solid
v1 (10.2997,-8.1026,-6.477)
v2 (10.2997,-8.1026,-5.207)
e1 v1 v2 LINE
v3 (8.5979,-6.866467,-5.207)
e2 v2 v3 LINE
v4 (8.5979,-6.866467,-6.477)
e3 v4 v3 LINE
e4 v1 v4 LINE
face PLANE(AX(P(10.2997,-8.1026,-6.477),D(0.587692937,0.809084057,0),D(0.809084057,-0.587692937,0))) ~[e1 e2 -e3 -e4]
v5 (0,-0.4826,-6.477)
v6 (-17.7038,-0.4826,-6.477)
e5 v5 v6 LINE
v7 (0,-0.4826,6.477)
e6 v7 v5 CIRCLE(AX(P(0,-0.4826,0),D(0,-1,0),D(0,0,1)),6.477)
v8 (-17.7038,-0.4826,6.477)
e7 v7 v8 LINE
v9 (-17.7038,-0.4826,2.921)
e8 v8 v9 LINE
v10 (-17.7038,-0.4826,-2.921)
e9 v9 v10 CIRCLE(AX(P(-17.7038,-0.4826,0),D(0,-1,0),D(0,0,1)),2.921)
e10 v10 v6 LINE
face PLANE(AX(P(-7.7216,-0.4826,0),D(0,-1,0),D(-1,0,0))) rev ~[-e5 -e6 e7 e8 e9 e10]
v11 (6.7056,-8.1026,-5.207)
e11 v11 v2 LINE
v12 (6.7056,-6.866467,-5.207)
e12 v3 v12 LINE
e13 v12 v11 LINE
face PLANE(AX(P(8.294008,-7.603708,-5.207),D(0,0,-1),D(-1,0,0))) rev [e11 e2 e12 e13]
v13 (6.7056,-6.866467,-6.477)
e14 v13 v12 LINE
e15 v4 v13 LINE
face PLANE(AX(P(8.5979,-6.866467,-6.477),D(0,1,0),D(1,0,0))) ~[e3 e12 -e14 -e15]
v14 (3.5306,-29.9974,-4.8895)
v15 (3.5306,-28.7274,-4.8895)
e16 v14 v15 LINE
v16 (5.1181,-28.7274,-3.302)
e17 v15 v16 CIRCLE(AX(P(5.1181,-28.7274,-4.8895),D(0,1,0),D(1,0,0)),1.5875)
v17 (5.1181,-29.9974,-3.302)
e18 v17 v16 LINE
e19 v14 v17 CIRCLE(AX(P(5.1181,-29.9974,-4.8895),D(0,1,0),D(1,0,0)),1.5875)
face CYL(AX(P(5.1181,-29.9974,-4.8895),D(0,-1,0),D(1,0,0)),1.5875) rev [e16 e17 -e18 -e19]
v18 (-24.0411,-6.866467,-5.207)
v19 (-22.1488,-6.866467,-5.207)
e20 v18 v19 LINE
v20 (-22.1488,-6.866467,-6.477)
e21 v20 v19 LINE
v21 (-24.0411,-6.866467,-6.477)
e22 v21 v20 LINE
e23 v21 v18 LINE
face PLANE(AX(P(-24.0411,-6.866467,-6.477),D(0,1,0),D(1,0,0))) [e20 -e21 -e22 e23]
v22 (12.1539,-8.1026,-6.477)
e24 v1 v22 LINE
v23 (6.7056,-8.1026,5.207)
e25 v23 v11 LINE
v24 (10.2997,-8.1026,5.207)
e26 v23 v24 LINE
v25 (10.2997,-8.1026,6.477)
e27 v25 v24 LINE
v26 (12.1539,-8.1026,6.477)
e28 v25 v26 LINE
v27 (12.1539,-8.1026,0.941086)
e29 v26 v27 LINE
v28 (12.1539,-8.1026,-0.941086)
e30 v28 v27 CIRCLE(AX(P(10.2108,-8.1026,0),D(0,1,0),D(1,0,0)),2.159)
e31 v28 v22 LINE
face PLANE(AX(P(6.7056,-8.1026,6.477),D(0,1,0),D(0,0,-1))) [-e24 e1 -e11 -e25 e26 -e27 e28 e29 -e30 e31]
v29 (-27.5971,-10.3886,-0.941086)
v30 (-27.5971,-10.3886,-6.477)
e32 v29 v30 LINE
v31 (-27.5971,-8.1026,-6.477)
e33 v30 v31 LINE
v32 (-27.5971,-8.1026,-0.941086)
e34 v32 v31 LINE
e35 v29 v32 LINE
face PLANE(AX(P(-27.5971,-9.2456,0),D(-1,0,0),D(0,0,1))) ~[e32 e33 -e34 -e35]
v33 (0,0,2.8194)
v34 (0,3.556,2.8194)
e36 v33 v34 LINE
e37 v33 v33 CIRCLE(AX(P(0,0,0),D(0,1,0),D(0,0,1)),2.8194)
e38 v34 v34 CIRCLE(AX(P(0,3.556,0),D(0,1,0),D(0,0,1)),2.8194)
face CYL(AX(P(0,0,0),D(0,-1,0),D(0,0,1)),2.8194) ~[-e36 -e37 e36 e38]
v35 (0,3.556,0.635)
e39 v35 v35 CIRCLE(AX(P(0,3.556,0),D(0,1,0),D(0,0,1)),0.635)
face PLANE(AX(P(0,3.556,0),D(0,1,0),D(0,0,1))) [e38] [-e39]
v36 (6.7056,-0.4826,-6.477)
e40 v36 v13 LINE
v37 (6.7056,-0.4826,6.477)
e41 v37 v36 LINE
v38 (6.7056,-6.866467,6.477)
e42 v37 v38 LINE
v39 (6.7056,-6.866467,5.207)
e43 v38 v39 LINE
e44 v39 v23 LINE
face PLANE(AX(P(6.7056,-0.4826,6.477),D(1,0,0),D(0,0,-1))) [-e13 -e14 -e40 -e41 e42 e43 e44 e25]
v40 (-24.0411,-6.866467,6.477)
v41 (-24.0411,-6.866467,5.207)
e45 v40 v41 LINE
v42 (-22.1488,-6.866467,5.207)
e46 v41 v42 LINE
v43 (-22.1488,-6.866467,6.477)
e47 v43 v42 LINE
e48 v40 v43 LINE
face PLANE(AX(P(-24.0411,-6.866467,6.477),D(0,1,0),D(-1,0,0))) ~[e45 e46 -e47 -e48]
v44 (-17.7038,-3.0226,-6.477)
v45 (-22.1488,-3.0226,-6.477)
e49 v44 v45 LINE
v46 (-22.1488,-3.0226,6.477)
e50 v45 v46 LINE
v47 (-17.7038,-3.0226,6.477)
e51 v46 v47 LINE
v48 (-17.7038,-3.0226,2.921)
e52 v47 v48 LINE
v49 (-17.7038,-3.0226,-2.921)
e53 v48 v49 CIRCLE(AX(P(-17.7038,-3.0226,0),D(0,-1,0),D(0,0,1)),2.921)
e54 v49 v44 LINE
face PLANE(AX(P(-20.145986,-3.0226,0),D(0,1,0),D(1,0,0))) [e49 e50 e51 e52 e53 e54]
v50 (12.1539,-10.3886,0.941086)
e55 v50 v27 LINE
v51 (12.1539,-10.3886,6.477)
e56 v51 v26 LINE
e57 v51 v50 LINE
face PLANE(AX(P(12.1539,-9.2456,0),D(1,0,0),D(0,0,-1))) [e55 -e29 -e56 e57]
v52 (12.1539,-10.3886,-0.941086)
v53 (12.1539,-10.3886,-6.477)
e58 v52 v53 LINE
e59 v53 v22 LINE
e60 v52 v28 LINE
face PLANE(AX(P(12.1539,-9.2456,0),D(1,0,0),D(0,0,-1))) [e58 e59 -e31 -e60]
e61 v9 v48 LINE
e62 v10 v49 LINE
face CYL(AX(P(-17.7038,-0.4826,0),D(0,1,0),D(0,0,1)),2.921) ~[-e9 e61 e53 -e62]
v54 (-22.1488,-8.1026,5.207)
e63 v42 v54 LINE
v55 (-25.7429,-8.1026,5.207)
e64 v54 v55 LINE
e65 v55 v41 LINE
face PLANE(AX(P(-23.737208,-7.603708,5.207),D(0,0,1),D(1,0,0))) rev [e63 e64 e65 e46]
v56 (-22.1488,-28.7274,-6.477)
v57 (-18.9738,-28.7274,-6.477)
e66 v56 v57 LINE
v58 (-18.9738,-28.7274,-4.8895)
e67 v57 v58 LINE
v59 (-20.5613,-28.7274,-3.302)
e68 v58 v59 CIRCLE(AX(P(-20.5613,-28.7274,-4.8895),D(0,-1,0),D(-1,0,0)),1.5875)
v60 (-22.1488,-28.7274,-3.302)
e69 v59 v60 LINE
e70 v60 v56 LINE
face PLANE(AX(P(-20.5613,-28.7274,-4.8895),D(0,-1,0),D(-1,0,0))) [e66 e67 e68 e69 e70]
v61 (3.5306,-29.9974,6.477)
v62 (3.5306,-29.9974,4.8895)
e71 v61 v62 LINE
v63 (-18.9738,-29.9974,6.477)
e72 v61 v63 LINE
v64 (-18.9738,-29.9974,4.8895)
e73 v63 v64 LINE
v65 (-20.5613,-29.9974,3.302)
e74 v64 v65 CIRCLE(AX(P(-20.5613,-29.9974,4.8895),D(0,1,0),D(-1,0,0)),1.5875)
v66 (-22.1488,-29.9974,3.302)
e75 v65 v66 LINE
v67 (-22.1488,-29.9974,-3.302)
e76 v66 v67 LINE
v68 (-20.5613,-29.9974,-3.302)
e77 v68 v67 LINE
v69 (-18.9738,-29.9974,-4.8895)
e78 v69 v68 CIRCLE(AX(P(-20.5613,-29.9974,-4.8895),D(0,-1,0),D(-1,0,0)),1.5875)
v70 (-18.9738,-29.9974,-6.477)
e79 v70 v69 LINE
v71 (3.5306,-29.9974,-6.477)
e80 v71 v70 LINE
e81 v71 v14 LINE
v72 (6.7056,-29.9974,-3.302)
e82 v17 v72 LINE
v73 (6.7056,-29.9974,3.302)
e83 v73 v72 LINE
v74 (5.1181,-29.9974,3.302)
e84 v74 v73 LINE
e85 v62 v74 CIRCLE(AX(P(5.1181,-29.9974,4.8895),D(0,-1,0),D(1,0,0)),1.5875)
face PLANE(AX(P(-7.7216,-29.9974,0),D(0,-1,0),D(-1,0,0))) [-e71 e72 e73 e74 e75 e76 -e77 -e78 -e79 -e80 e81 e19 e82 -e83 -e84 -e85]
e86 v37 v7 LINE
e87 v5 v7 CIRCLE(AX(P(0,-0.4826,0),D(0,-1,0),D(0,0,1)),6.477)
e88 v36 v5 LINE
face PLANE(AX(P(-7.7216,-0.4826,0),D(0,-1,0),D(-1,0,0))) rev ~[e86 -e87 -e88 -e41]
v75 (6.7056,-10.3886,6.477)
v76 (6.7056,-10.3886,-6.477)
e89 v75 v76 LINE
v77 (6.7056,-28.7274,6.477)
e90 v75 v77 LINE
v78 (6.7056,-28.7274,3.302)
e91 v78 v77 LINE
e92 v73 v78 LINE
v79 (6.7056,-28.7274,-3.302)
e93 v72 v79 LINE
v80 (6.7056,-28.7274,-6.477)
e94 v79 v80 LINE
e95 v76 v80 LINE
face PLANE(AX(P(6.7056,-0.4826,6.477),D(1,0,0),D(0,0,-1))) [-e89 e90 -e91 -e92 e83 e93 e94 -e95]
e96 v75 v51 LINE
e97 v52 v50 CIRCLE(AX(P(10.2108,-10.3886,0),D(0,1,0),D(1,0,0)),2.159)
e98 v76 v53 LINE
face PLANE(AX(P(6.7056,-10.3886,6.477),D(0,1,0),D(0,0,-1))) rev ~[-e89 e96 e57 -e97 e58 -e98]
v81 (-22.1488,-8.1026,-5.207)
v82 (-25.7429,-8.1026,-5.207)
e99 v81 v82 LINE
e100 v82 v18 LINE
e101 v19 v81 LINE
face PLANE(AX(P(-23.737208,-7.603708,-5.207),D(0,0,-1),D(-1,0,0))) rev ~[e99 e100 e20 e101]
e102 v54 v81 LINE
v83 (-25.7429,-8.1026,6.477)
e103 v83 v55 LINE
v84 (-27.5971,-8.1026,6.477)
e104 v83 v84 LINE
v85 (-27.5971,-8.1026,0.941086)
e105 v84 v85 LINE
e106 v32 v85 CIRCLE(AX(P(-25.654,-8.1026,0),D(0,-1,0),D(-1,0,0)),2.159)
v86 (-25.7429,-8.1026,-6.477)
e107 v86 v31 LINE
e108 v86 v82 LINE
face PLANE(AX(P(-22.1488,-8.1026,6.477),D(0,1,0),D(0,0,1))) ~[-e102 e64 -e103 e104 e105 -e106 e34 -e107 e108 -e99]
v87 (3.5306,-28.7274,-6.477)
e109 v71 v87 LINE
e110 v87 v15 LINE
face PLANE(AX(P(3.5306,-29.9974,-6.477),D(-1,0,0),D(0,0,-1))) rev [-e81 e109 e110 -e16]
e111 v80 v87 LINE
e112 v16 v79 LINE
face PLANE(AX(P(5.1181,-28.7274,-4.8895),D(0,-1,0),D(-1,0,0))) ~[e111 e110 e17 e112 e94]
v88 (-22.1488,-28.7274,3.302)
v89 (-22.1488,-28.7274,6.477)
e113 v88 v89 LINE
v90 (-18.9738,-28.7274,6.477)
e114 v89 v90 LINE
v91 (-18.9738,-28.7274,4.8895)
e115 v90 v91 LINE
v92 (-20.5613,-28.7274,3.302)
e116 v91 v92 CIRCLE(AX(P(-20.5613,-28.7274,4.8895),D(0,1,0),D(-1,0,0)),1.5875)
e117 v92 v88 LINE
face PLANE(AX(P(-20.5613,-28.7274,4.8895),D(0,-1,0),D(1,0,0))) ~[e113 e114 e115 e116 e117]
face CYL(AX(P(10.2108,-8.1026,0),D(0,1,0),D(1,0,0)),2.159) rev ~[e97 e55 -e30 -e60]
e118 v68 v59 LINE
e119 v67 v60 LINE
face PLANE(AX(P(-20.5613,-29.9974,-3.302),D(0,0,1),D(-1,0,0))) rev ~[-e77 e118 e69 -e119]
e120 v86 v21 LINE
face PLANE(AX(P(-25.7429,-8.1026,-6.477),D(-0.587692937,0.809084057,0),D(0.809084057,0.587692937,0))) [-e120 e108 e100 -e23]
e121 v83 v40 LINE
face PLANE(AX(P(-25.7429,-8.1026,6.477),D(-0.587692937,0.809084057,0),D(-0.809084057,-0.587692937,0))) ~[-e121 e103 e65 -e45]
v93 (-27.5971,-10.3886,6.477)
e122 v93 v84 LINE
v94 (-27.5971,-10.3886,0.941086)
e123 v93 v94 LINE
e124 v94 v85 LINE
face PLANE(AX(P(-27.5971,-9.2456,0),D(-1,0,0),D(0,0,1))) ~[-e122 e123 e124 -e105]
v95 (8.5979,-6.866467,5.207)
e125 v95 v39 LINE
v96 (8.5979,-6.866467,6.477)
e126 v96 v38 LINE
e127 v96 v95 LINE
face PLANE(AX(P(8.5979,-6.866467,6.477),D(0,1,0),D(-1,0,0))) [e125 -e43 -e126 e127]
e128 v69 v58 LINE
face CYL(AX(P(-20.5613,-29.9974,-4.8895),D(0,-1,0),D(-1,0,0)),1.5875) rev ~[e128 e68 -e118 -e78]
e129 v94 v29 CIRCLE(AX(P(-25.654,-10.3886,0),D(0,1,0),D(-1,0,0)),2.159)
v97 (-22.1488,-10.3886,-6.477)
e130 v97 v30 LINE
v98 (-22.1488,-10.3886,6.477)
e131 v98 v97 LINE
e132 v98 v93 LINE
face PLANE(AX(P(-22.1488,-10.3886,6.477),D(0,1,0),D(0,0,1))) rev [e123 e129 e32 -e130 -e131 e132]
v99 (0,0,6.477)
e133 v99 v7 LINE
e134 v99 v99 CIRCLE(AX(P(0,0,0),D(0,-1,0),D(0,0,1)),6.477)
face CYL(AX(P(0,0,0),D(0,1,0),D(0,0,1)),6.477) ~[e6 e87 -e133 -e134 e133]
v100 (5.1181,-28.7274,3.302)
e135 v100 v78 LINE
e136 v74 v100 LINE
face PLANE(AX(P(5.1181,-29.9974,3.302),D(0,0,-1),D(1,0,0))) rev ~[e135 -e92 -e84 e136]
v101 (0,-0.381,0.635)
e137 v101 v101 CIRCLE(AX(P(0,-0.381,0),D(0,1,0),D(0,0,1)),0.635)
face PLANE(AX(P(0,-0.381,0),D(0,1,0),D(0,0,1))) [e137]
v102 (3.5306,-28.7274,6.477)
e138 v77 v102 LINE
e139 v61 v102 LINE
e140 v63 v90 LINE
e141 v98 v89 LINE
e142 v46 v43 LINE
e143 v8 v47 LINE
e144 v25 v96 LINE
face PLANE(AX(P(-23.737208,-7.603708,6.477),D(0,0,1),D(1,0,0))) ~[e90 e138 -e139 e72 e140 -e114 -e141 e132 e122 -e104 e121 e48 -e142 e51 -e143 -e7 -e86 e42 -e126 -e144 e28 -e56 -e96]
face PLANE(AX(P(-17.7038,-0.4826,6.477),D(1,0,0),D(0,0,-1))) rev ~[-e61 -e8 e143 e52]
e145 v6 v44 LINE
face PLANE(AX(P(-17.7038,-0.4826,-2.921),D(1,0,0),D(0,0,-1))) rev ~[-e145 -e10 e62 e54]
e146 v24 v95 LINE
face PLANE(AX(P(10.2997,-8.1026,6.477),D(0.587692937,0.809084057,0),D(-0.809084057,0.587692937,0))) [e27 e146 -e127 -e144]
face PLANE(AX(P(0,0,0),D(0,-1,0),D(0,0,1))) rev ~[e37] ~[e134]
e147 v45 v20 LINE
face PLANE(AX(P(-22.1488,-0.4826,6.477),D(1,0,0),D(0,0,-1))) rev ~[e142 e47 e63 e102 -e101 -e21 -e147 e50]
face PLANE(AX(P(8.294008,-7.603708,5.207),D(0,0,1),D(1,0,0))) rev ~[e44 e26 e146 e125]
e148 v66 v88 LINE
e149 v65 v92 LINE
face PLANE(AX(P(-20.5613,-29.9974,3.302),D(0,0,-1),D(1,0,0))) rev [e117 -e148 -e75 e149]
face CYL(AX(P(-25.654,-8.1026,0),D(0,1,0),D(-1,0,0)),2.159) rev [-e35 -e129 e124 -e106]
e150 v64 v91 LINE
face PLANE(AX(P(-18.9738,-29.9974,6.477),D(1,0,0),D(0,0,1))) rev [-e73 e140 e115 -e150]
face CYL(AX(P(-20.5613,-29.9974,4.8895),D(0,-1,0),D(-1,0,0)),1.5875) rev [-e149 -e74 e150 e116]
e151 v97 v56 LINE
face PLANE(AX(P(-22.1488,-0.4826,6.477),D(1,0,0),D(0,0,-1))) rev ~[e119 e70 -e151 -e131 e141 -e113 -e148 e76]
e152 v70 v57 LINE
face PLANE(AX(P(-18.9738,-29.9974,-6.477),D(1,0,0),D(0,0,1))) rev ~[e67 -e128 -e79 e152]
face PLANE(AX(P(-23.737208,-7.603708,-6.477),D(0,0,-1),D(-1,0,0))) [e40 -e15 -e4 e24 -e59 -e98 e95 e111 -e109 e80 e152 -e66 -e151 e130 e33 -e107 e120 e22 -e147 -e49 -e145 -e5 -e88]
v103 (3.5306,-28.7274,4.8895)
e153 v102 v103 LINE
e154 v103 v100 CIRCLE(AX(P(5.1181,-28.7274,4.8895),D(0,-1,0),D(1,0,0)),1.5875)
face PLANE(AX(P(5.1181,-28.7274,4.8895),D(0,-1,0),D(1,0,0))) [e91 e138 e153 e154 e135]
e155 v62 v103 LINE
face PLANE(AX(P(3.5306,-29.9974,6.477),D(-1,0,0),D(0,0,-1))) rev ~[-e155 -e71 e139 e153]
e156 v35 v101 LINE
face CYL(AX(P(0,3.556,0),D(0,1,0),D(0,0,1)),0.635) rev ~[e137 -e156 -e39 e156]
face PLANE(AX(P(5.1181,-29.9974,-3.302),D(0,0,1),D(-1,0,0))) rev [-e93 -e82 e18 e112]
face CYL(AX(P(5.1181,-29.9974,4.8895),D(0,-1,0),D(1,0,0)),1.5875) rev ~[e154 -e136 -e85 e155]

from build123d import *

# Parameters (mm, degrees)
SKETCH1_R               = 2.8194
BOSS_EXTRUDE1_DEPTH     = 3.556
SKETCH2_R               = 6.477
BOSS_EXTRUDE2_DEPTH     = 0.4826
SKETCH3_W               = 28.8544
SKETCH3_H               = 12.954
BOSS_EXTRUDE3_DEPTH     = 29.5148
SKETCH4_R               = 0.635
CUT_EXTRUDE1_DEPTH      = 3.937
SKETCH5_W               = 12.954
SKETCH5_H               = 2.286
BOSS_EXTRUDE4_DEPTH     = 5.4483
BOSS_EXTRUDE5_DEPTH     = 1.27
SKETCH7_R               = 2.159
CUT_EXTRUDE2_DEPTH      = 32.810424981
MIRROR3_COPY_1_DEPTH    = 1.27
CUT_EXTRUDE3_DEPTH      = 2.54
SKETCH10_R              = 1.5875
CUT_EXTRUDE4_DEPTH      = 1.27
MIRROR5_COPY_1_SKETCH_R = 1.5875
MIRROR5_COPY_1_DEPTH    = 1.27


with BuildPart() as part:
    # Sketch1 → Boss-Extrude1 (new body)
    with BuildSketch(Plane(origin=(0, 0, 0), x_dir=(1, 0, 0), z_dir=(0, 1, 0))):
        with Locations(Location((0, 0, 0), (0, 0, 270))):
            Circle(SKETCH1_R)
    extrude(amount=BOSS_EXTRUDE1_DEPTH)

    # Sketch2 → Boss-Extrude2 (add)
    with BuildSketch(Plane(origin=(0, 0, 0), x_dir=(-1, 0, 0), z_dir=(0, -1, 0))):
        with Locations(Location((0, 0, 0), (0, 0, 270))):
            Circle(SKETCH2_R)
    extrude(amount=BOSS_EXTRUDE2_DEPTH)

    # Sketch3 → Boss-Extrude3 (add)
    with BuildSketch(Plane(origin=(0, -0.4826, 0), x_dir=(-1, 0, 0), z_dir=(0, -1, 0))):
        with Locations((7.7216, 0)):
            Rectangle(SKETCH3_W, SKETCH3_H)
    extrude(amount=BOSS_EXTRUDE3_DEPTH)

    # Sketch4 → Cut-Extrude1 (cut)
    with BuildSketch(Plane(origin=(0, 3.556, 0), x_dir=(1, 0, 0), z_dir=(0, 1, 0))):
        with Locations(Location((0, 0, 0), (0, 0, 270))):
            Circle(SKETCH4_R)
    extrude(amount=-CUT_EXTRUDE1_DEPTH, mode=Mode.SUBTRACT)

    # Sketch5 → Boss-Extrude4 (add)
    with BuildSketch(Plane(origin=(6.7056, 0, 0), x_dir=(0, 0, -1), z_dir=(1, 0, 0))):
        with Locations((0, -9.2456)):
            Rectangle(SKETCH5_W, SKETCH5_H)
    boss_extrude4 = extrude(amount=BOSS_EXTRUDE4_DEPTH)

    # Sketch6 → Boss-Extrude5 (add)
    with BuildSketch(Plane.XY.offset(6.477)):
        Polygon((6.7056, -8.1026), (10.2997, -8.1026), (8.5979, -6.866466582), (6.7056, -6.866466582), align=None)
    boss_extrude5 = extrude(amount=-BOSS_EXTRUDE5_DEPTH)

    # Mirror1: Boss-Extrude5 across plane
    add(boss_extrude5.mirror(Plane.XY))

    # Sketch7 → Cut-Extrude2 (cut, through all)
    with BuildSketch(Plane(origin=(0, -8.1026, 0), x_dir=(1, 0, 0), z_dir=(0, 1, 0))):
        with Locations((10.2108, 0)):
            Circle(SKETCH7_R)
    cut_extrude2 = extrude(amount=-CUT_EXTRUDE2_DEPTH, mode=Mode.SUBTRACT)

    # Mirror3: Boss-Extrude4, Boss-Extrude5, Cut-Extrude2 across plane
    add(boss_extrude4.mirror(Plane(origin=(-7.7216, 0, 0), x_dir=(0, 0, 1), z_dir=(1, 0, 0))))
    add(boss_extrude5.mirror(Plane(origin=(-7.7216, 0, 0), x_dir=(0, 0, 1), z_dir=(1, 0, 0))))
    add(cut_extrude2.mirror(Plane(origin=(-7.7216, 0, 0), x_dir=(0, 0, 1), z_dir=(1, 0, 0))), mode=Mode.SUBTRACT)

    # Mirror3 copy 1 sketch → Mirror3 copy 1 (add)
    with BuildSketch(Plane(origin=(-15.4432, 0, -6.477), x_dir=(-1, 0, 0), z_dir=(0, 0, -1))):
        Polygon((6.7056, -8.1026), (10.2997, -8.1026), (8.5979, -6.866466582), (6.7056, -6.866466582), align=None)
    extrude(amount=-MIRROR3_COPY_1_DEPTH)

    # Sketch9 → Cut-Extrude3 (cut)
    with BuildSketch(Plane(origin=(0, -0.4826, 0), x_dir=(1, 0, 0), z_dir=(0, 1, 0))):
        with BuildLine():
            Line((-22.1488, 6.477), (-22.1488, -6.477))
            Line((-22.1488, -6.477), (-17.7038, -6.477))
            Line((-17.7038, -6.477), (-17.7038, -2.921))
            ThreePointArc((-17.7038, -2.921), (-20.6248, 0), (-17.7038, 2.921))
            Line((-17.7038, 2.921), (-17.7038, 6.477))
            Line((-17.7038, 6.477), (-22.1488, 6.477))
        make_face()
    extrude(amount=-CUT_EXTRUDE3_DEPTH, mode=Mode.SUBTRACT)

    # Sketch10 → Cut-Extrude4 (cut)
    with BuildSketch(Plane(origin=(0, -29.9974, 0), x_dir=(-1, 0, 0), z_dir=(0, -1, 0))):
        with Locations((20.5613, 4.8895)):
            Circle(SKETCH10_R)
        with BuildLine():
            Line((22.1488, 6.477), (20.5613, 6.477))
            ThreePointArc((20.5613, 6.477), (21.683832015, 6.012032015), (22.1488, 4.8895))
            Line((22.1488, 4.8895), (22.1488, 6.477))
        make_face()
        with BuildLine():
            ThreePointArc((18.9738, 4.8895), (19.438767985, 6.012032015), (20.5613, 6.477))
            Line((20.5613, 6.477), (18.9738, 6.477))
            Line((18.9738, 6.477), (18.9738, 4.8895))
        make_face()
        with BuildLine():
            Line((22.1488, 3.302), (22.1488, 4.8895))
            ThreePointArc((22.1488, 4.8895), (21.683832015, 3.766967985), (20.5613, 3.302))
            Line((20.5613, 3.302), (22.1488, 3.302))
        make_face()
    cut_extrude4 = extrude(amount=-CUT_EXTRUDE4_DEPTH, mode=Mode.SUBTRACT)

    # Mirror4: Cut-Extrude4 across plane
    add(cut_extrude4.mirror(Plane.XY), mode=Mode.SUBTRACT)

    # Mirror5: Cut-Extrude4 across plane
    add(cut_extrude4.mirror(Plane(origin=(-7.7216, 0, 0), x_dir=(0, 0, 1), z_dir=(1, 0, 0))), mode=Mode.SUBTRACT)

    # Mirror5 copy 1 sketch → Mirror5 copy 1 (cut)
    with BuildSketch(Plane(origin=(-15.4432, -29.9974, 0), x_dir=(1, 0, 0), z_dir=(0, -1, 0))):
        with Locations((20.5613, 4.8895)):
            Circle(MIRROR5_COPY_1_SKETCH_R)
        with BuildLine():
            Line((22.1488, 6.477), (20.5613, 6.477))
            ThreePointArc((20.5613, 6.477), (21.683832015, 6.012032015), (22.1488, 4.8895))
            Line((22.1488, 4.8895), (22.1488, 6.477))
        make_face()
        with BuildLine():
            ThreePointArc((18.9738, 4.8895), (19.438767985, 6.012032015), (20.5613, 6.477))
            Line((20.5613, 6.477), (18.9738, 6.477))
            Line((18.9738, 6.477), (18.9738, 4.8895))
        make_face()
        with BuildLine():
            Line((22.1488, 3.302), (22.1488, 4.8895))
            ThreePointArc((22.1488, 4.8895), (21.683832015, 3.766967985), (20.5613, 3.302))
            Line((20.5613, 3.302), (22.1488, 3.302))
        make_face()
    extrude(amount=-MIRROR5_COPY_1_DEPTH, mode=Mode.SUBTRACT)


solid = part.part
